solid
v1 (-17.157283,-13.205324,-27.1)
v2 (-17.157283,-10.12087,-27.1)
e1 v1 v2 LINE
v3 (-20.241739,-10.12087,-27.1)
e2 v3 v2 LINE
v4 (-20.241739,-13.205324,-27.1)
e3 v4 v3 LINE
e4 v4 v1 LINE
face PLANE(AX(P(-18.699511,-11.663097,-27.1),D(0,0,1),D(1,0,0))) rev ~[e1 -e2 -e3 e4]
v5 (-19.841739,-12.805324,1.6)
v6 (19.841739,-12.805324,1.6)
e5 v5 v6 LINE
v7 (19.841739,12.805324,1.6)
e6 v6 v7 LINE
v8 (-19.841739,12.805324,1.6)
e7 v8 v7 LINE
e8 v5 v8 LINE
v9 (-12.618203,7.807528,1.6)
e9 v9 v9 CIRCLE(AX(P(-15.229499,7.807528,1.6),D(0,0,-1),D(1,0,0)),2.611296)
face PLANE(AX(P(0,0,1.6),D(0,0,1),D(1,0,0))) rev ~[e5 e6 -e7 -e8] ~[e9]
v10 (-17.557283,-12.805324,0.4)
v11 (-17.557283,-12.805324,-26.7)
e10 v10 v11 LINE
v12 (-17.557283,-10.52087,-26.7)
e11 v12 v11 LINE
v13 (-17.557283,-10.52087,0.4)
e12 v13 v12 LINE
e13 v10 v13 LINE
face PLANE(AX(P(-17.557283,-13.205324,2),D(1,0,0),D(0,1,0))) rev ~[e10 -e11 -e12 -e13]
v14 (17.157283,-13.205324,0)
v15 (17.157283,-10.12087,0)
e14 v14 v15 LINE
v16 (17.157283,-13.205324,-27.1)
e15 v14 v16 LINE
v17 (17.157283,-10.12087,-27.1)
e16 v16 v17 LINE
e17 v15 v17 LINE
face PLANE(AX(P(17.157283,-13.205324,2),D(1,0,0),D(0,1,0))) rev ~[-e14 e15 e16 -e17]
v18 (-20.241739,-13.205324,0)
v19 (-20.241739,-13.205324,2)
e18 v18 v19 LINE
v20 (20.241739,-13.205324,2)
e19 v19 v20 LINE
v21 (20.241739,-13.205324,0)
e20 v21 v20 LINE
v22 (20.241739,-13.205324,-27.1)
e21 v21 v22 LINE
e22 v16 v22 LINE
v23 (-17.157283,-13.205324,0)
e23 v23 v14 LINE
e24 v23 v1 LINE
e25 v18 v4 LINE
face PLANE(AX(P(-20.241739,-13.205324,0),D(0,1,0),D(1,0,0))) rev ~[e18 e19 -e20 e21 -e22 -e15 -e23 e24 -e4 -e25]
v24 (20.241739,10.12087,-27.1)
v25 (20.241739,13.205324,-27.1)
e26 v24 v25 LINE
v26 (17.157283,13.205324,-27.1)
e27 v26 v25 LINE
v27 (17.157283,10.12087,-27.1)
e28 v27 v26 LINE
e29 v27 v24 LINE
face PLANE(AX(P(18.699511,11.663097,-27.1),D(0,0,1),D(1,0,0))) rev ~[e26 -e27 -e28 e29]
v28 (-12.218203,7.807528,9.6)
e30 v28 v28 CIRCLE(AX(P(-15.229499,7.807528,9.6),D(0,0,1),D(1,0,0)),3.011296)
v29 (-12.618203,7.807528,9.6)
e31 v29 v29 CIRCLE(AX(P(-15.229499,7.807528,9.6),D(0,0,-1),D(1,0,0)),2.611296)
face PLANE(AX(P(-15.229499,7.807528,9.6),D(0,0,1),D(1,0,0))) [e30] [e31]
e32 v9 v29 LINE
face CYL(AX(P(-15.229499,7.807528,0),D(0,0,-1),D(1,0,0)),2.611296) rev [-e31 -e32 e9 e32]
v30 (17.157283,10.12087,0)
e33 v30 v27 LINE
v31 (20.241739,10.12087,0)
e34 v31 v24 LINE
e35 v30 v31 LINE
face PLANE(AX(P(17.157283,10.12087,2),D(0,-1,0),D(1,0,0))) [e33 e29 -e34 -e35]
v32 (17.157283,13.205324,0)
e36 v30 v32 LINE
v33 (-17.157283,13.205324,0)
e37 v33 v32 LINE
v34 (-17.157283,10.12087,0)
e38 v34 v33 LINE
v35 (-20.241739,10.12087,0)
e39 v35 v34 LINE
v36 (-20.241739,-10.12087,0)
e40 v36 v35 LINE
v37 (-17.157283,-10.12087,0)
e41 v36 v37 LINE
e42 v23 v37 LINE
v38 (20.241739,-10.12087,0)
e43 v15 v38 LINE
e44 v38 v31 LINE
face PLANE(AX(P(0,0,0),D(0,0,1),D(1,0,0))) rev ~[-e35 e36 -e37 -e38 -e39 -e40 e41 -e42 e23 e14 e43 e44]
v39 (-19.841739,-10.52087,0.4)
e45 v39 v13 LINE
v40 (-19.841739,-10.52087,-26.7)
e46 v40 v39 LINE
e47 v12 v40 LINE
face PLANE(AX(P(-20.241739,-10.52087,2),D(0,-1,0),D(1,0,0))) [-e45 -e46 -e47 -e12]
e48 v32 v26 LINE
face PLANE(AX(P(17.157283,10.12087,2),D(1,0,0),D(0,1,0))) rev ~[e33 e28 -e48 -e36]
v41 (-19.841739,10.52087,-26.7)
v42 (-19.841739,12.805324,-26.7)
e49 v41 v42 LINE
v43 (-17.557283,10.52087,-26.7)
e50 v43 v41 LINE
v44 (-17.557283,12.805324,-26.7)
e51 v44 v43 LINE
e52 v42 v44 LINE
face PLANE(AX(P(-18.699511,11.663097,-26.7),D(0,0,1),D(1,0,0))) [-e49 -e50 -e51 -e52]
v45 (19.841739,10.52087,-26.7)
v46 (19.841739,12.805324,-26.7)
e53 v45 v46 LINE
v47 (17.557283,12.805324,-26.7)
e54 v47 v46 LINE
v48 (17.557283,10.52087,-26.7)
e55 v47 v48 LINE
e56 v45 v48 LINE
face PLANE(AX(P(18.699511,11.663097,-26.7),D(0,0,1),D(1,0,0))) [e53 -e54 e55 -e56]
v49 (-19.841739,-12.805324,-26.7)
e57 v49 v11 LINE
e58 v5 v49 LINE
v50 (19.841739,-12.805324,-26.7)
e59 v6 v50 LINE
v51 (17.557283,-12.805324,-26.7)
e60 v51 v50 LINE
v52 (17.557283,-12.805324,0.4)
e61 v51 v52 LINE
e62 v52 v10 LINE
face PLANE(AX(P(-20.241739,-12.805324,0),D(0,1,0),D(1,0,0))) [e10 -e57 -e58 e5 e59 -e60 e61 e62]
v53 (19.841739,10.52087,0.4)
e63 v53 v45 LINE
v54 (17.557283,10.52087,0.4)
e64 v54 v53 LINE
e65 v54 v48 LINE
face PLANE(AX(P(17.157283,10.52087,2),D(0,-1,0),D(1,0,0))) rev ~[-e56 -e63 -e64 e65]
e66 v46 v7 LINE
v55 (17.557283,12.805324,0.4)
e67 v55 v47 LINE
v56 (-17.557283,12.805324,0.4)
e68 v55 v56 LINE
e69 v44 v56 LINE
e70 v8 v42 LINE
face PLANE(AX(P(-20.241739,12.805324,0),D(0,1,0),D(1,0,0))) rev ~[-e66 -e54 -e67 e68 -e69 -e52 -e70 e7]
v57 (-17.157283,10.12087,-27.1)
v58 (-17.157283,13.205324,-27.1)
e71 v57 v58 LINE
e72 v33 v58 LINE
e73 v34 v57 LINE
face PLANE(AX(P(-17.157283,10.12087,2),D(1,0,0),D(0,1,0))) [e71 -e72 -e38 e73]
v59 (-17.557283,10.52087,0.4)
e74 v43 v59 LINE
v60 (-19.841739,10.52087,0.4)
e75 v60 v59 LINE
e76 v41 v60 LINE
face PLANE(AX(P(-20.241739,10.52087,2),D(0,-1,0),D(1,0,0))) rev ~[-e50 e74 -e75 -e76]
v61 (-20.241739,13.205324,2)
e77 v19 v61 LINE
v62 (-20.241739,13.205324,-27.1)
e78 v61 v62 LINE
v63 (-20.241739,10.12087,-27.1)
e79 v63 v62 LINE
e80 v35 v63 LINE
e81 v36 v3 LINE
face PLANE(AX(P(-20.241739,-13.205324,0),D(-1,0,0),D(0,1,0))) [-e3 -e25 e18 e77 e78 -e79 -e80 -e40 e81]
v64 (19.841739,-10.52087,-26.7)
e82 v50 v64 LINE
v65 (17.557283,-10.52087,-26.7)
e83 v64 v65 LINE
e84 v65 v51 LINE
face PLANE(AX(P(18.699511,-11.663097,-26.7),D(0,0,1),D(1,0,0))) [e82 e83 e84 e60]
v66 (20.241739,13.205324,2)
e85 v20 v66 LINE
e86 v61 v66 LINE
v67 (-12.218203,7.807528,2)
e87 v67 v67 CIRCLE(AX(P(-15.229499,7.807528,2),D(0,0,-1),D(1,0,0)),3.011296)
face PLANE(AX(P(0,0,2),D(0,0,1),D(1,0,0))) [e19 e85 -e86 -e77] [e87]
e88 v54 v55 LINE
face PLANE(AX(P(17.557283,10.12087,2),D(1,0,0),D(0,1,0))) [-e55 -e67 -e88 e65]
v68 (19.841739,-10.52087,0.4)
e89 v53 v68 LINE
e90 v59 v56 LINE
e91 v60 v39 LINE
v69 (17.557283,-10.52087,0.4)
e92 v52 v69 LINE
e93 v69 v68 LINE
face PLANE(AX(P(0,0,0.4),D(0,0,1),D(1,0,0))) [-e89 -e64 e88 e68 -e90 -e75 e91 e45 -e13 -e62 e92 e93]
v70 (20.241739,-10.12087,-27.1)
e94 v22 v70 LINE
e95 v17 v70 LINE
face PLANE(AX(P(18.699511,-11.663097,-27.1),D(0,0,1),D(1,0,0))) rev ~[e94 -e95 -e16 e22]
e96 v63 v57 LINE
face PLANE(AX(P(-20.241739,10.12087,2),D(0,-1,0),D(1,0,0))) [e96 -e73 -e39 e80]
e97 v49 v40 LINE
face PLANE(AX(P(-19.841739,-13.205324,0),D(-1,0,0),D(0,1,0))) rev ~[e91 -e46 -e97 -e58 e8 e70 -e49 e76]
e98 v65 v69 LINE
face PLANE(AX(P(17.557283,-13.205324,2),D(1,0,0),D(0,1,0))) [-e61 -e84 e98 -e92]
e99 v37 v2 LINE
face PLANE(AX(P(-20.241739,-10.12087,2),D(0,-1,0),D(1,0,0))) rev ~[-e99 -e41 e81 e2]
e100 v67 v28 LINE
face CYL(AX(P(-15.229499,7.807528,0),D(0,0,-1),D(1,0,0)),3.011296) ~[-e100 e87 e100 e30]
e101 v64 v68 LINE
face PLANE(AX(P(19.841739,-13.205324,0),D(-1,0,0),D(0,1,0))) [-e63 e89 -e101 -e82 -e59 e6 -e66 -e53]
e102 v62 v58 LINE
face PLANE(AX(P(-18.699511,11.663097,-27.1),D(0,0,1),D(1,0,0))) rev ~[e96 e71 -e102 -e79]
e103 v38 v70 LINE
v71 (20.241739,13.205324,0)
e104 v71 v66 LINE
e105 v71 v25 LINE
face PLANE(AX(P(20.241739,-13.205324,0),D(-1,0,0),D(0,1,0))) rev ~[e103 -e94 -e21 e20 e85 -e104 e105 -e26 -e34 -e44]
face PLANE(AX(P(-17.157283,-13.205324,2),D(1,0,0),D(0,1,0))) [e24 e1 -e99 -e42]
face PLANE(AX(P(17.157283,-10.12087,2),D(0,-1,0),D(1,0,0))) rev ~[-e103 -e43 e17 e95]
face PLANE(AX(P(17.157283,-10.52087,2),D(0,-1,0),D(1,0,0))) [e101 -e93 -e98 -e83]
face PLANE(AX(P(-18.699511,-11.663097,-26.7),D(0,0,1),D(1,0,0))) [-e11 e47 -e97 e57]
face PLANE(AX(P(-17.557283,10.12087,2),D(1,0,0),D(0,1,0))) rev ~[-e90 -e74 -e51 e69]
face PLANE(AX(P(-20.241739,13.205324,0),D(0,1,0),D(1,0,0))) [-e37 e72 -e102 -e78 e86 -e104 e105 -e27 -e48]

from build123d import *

# Parameters (mm, degrees)
F0_W     = 40.4834784567
F0_H     = 26.4106485993
F1_DEPTH = 2
F2_W     = 3.0844565481
F2_H     = 3.0844546854
F3_DEPTH = 29.1
F4_R     = 3.0112955683
F5_DEPTH = 9.6
F6_T     = -0.4


with BuildPart() as f1:
    # F0 (on Top) → F1 (new body)
    with BuildSketch(Plane.XY):
        Rectangle(F0_W, F0_H)
    extrude(amount=F1_DEPTH)

    # F2 (on face) → F3 (join)
    with BuildSketch(Plane.XY.offset(2)):
        with Locations((-18.6995109543, 11.6630969569)):
            Rectangle(F2_W, F2_H)
        with Locations((18.6995109543, 11.6630969569)):
            Rectangle(F2_W, F2_H)
        with Locations((18.6995109543, -11.6630969569)):
            Rectangle(F2_W, F2_H)
        with Locations((-18.6995109543, -11.6630969569)):
            Rectangle(F2_W, F2_H)
    extrude(amount=-F3_DEPTH)

    # F4 (on Top) → F5 (join)
    with BuildSketch(Plane.XY):
        with Locations((-15.2294989675, 7.8075276688)):
            Circle(F4_R)
    extrude(amount=F5_DEPTH)

    # F6
    f6_openings = [f1.faces().sort_by_distance(p)[0] for p in [
        (-15.229499, 7.807528, 9.6),
    ]]
    offset(amount=F6_T, openings=f6_openings, kind=Kind.INTERSECTION)


solid = f1.part
